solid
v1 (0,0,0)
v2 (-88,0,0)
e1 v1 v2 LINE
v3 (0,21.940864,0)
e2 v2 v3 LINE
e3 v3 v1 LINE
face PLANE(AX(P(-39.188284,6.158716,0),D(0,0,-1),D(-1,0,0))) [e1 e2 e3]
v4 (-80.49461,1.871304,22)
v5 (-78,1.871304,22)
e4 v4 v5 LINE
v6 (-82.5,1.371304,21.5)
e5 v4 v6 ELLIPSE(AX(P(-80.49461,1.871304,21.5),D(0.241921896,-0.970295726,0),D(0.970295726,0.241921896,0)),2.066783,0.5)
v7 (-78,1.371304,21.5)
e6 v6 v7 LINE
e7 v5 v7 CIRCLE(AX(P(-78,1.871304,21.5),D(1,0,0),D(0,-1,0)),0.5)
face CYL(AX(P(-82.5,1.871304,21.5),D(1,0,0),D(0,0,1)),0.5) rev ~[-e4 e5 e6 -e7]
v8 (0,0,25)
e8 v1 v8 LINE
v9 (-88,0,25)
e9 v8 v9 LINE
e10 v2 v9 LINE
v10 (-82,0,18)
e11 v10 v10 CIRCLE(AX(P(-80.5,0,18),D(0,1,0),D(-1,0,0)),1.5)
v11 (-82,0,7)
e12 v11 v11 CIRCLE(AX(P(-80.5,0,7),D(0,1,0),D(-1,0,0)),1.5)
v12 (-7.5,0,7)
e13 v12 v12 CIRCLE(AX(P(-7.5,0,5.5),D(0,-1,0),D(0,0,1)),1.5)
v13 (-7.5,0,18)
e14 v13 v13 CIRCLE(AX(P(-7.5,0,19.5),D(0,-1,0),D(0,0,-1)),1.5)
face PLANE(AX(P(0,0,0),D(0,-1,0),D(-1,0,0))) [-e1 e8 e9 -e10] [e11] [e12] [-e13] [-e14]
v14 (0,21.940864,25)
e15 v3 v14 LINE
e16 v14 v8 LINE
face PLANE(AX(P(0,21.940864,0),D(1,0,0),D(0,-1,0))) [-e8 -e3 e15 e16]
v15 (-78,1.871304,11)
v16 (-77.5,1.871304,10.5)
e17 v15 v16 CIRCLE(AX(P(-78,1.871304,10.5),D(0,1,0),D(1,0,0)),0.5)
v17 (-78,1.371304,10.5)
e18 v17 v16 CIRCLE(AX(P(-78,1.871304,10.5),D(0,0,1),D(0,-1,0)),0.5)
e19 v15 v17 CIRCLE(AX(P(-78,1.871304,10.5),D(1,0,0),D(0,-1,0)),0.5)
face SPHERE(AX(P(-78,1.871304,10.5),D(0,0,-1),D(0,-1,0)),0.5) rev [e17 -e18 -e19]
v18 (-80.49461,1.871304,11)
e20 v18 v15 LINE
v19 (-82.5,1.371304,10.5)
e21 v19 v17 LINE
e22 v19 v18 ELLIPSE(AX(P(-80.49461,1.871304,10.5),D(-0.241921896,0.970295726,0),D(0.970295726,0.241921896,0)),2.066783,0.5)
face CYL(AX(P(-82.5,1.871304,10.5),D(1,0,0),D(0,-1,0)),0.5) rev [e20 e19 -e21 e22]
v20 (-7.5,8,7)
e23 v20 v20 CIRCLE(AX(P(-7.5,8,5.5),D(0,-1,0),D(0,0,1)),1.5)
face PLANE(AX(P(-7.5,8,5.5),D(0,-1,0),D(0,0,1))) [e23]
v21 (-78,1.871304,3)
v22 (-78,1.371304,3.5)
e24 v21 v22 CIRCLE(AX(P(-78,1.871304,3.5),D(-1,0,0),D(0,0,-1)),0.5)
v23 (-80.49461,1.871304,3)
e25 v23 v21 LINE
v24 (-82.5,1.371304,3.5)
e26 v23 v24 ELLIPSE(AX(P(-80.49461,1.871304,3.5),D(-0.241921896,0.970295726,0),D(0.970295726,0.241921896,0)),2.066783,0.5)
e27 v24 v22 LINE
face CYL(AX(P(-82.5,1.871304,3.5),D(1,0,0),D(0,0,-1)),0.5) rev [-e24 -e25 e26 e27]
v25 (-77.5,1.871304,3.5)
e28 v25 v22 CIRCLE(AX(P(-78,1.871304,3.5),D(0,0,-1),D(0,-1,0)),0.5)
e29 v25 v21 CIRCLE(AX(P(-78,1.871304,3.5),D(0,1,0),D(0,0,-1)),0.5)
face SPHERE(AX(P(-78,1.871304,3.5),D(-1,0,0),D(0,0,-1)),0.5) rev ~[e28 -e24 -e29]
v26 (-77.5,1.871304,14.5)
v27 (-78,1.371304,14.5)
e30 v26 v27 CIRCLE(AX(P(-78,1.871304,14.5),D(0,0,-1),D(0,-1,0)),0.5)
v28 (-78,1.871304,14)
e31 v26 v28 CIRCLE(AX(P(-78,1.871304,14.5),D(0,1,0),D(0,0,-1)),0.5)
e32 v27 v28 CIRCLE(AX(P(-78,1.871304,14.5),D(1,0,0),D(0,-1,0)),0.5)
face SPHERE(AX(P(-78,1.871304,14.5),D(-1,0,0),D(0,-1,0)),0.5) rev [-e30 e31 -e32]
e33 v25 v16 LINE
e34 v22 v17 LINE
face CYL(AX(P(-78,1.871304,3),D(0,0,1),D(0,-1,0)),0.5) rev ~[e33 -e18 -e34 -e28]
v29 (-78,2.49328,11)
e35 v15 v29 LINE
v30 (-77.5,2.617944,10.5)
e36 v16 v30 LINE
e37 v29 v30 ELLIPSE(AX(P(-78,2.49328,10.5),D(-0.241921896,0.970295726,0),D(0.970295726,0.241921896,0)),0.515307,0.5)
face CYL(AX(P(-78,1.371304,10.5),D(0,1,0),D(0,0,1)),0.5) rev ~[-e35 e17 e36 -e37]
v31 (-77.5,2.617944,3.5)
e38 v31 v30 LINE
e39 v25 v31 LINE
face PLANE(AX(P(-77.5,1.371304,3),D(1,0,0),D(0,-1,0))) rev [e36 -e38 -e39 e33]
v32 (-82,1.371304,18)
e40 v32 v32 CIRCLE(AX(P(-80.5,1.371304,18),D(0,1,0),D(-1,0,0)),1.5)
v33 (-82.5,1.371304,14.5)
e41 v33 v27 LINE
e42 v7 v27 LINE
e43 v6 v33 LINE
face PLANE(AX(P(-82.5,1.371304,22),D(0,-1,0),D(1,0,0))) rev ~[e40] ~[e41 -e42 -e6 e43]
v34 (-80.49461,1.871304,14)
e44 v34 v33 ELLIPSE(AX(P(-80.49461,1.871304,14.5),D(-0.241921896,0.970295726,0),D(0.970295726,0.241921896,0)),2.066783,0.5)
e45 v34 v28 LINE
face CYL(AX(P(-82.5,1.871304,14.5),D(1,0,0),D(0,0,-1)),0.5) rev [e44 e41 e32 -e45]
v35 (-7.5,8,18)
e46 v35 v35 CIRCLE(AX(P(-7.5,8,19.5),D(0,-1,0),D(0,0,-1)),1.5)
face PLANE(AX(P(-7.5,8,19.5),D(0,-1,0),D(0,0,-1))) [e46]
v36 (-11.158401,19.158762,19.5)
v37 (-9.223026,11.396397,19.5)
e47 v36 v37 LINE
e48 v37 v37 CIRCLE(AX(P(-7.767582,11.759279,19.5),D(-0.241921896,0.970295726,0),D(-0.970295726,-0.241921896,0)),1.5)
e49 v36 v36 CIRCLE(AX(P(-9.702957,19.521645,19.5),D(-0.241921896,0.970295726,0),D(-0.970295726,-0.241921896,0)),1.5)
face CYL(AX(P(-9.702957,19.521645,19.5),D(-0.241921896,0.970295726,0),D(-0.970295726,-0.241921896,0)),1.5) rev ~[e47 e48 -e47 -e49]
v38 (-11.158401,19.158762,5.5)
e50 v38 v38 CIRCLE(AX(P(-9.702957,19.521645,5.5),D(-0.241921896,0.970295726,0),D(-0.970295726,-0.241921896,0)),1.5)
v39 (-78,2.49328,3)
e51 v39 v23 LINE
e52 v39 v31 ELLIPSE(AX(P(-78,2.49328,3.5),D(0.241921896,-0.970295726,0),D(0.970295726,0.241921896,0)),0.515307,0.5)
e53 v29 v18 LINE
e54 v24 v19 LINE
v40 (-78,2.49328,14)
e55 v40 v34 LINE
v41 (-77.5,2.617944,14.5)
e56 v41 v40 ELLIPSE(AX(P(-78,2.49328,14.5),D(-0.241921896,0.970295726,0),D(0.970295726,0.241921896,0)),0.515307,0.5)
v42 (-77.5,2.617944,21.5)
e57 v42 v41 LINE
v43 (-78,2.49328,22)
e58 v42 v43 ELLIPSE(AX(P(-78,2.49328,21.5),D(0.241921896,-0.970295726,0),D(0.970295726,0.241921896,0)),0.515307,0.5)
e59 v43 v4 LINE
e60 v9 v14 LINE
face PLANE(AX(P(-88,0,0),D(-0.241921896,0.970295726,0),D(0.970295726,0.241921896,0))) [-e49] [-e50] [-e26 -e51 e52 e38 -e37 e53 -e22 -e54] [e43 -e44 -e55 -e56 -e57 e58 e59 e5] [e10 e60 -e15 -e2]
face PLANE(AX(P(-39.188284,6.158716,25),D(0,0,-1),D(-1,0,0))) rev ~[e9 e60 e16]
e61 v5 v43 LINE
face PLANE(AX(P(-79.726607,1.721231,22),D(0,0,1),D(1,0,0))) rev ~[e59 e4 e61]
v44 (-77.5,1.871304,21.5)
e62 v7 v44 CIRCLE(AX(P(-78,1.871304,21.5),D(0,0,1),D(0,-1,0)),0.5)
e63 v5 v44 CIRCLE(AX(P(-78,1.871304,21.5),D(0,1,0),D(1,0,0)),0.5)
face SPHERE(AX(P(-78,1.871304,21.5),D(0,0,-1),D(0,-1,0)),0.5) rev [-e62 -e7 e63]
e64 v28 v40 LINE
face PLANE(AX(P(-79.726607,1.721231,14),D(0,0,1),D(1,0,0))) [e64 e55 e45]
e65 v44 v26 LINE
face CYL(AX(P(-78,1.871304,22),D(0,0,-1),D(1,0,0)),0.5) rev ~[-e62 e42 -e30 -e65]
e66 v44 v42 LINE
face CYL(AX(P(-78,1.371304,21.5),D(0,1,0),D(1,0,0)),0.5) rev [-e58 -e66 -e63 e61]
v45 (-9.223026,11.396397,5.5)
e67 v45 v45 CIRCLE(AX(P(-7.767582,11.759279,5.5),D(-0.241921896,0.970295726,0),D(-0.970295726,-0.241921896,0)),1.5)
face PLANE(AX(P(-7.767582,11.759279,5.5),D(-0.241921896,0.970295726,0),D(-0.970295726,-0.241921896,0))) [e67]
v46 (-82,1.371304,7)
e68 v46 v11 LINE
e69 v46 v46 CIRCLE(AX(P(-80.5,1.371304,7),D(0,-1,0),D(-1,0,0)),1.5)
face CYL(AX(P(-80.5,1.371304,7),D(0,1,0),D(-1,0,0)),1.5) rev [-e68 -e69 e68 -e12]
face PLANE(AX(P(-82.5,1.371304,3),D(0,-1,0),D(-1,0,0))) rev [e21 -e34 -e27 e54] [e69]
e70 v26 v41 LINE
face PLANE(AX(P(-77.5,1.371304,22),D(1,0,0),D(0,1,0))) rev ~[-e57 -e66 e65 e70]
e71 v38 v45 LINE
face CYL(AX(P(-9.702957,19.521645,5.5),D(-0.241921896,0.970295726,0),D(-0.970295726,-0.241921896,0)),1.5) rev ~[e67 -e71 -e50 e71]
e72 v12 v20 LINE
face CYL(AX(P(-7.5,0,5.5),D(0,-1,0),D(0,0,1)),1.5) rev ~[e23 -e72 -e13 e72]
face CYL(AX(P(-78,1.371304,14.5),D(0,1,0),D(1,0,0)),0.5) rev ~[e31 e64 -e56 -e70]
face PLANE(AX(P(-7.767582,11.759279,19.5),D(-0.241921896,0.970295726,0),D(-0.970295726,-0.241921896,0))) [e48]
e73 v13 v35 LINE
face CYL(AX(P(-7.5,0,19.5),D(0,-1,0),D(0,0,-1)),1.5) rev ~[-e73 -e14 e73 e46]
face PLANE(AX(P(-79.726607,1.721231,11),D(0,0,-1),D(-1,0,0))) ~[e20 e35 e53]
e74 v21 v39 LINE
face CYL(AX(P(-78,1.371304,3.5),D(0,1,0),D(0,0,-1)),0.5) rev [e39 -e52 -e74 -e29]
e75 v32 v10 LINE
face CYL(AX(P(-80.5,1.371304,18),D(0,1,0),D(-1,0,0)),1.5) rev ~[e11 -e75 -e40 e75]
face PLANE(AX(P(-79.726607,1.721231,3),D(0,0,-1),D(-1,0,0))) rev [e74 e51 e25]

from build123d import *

# Parameters (mm, degrees)
EXTRUDE_1_DEPTH     = 25
SKETCH_2_R          = 1.5
CUT_EXTRUDE_1_DEPTH = 8
SKETCH_3_R          = 1.5
CUT_EXTRUDE_2_DEPTH = 8
CUT_EXTRUDE_3_DEPTH = 8
SKETCH_6_R          = 1.5
CUT_EXTRUDE_4_DEPTH = 94.766234905
FILLET_1_R          = 0.5


with BuildPart() as part:
    # 草图1 → 凸台-拉伸1 (new body)
    with BuildSketch(Plane.XY):
        Polygon((0, 0), (-88, 0), (0, 21.94086425), align=None)
    extrude(amount=EXTRUDE_1_DEPTH)

    # 草图2 → 切除-拉伸1 (cut)
    with BuildSketch(Plane.XZ):
        with Locations(Location((-7.5, 19.5, 0), (0, 0, 270))):
            Circle(SKETCH_2_R)
        with Locations(Location((-7.5, 5.5, 0), (0, 0, 90))):
            Circle(SKETCH_2_R)
    extrude(amount=-CUT_EXTRUDE_1_DEPTH, mode=Mode.SUBTRACT)

    # 草图3 → 切除-拉伸2 (cut)
    with BuildSketch(Plane(origin=(-5.150305914, 20.656748763, 0), x_dir=(0.9702957262759981, 0.24192189559966132, 0), z_dir=(-0.2419218955996613, 0.970295726275998, 0))):
        with Locations(Location((-4.692024529, -5.5, 0), (0, 0, 180))):
            Circle(SKETCH_3_R)
        with Locations(Location((-4.692024529, -19.5, 0), (0, 0, 180))):
            Circle(SKETCH_3_R)
    extrude(amount=-CUT_EXTRUDE_2_DEPTH, mode=Mode.SUBTRACT)

    # 草图5 → 切除-拉伸3 (cut)
    with BuildSketch(Plane.XY.offset(22)):
        Polygon((-77.5, 1.371304016), (-77.5, 2.61794403), (-82.5, 1.371304016), align=None)
    cut_extrude_3 = extrude(amount=-CUT_EXTRUDE_3_DEPTH, mode=Mode.SUBTRACT)

    # 草图6 → 切除-拉伸4 (cut, through all)
    with BuildSketch(Plane(origin=(0, 1.371304016, 0), x_dir=(1, 0, 0), z_dir=(0, 1, 0))):
        with Locations(Location((-80.5, -18, 0), (0, 0, 180))):
            Circle(SKETCH_6_R)
    cut_extrude_4 = extrude(amount=-CUT_EXTRUDE_4_DEPTH, mode=Mode.SUBTRACT)

    # 镜向1: 切除-拉伸3, 切除-拉伸4 across plane
    add(cut_extrude_3.mirror(Plane.XY.offset(12.5)), mode=Mode.SUBTRACT)
    add(cut_extrude_4.mirror(Plane.XY.offset(12.5)), mode=Mode.SUBTRACT)

    # 圆角1
    fillet_1_edges = [part.edges().sort_by_distance(p)[0] for p in [
        (-80, 1.371304016, 14),
        (-77.5, 1.371304016, 18),
        (-77.5, 1.994624023, 14),
        (-80, 1.371304016, 22),
        (-77.5, 1.994624023, 22),
        (-80, 1.371304016, 3),
        (-77.5, 1.994624023, 3),
        (-77.5, 1.371304016, 7),
        (-80, 1.371304016, 11),
        (-77.5, 1.994624023, 11),
    ]]
    fillet(fillet_1_edges, radius=FILLET_1_R)


solid = part.part
